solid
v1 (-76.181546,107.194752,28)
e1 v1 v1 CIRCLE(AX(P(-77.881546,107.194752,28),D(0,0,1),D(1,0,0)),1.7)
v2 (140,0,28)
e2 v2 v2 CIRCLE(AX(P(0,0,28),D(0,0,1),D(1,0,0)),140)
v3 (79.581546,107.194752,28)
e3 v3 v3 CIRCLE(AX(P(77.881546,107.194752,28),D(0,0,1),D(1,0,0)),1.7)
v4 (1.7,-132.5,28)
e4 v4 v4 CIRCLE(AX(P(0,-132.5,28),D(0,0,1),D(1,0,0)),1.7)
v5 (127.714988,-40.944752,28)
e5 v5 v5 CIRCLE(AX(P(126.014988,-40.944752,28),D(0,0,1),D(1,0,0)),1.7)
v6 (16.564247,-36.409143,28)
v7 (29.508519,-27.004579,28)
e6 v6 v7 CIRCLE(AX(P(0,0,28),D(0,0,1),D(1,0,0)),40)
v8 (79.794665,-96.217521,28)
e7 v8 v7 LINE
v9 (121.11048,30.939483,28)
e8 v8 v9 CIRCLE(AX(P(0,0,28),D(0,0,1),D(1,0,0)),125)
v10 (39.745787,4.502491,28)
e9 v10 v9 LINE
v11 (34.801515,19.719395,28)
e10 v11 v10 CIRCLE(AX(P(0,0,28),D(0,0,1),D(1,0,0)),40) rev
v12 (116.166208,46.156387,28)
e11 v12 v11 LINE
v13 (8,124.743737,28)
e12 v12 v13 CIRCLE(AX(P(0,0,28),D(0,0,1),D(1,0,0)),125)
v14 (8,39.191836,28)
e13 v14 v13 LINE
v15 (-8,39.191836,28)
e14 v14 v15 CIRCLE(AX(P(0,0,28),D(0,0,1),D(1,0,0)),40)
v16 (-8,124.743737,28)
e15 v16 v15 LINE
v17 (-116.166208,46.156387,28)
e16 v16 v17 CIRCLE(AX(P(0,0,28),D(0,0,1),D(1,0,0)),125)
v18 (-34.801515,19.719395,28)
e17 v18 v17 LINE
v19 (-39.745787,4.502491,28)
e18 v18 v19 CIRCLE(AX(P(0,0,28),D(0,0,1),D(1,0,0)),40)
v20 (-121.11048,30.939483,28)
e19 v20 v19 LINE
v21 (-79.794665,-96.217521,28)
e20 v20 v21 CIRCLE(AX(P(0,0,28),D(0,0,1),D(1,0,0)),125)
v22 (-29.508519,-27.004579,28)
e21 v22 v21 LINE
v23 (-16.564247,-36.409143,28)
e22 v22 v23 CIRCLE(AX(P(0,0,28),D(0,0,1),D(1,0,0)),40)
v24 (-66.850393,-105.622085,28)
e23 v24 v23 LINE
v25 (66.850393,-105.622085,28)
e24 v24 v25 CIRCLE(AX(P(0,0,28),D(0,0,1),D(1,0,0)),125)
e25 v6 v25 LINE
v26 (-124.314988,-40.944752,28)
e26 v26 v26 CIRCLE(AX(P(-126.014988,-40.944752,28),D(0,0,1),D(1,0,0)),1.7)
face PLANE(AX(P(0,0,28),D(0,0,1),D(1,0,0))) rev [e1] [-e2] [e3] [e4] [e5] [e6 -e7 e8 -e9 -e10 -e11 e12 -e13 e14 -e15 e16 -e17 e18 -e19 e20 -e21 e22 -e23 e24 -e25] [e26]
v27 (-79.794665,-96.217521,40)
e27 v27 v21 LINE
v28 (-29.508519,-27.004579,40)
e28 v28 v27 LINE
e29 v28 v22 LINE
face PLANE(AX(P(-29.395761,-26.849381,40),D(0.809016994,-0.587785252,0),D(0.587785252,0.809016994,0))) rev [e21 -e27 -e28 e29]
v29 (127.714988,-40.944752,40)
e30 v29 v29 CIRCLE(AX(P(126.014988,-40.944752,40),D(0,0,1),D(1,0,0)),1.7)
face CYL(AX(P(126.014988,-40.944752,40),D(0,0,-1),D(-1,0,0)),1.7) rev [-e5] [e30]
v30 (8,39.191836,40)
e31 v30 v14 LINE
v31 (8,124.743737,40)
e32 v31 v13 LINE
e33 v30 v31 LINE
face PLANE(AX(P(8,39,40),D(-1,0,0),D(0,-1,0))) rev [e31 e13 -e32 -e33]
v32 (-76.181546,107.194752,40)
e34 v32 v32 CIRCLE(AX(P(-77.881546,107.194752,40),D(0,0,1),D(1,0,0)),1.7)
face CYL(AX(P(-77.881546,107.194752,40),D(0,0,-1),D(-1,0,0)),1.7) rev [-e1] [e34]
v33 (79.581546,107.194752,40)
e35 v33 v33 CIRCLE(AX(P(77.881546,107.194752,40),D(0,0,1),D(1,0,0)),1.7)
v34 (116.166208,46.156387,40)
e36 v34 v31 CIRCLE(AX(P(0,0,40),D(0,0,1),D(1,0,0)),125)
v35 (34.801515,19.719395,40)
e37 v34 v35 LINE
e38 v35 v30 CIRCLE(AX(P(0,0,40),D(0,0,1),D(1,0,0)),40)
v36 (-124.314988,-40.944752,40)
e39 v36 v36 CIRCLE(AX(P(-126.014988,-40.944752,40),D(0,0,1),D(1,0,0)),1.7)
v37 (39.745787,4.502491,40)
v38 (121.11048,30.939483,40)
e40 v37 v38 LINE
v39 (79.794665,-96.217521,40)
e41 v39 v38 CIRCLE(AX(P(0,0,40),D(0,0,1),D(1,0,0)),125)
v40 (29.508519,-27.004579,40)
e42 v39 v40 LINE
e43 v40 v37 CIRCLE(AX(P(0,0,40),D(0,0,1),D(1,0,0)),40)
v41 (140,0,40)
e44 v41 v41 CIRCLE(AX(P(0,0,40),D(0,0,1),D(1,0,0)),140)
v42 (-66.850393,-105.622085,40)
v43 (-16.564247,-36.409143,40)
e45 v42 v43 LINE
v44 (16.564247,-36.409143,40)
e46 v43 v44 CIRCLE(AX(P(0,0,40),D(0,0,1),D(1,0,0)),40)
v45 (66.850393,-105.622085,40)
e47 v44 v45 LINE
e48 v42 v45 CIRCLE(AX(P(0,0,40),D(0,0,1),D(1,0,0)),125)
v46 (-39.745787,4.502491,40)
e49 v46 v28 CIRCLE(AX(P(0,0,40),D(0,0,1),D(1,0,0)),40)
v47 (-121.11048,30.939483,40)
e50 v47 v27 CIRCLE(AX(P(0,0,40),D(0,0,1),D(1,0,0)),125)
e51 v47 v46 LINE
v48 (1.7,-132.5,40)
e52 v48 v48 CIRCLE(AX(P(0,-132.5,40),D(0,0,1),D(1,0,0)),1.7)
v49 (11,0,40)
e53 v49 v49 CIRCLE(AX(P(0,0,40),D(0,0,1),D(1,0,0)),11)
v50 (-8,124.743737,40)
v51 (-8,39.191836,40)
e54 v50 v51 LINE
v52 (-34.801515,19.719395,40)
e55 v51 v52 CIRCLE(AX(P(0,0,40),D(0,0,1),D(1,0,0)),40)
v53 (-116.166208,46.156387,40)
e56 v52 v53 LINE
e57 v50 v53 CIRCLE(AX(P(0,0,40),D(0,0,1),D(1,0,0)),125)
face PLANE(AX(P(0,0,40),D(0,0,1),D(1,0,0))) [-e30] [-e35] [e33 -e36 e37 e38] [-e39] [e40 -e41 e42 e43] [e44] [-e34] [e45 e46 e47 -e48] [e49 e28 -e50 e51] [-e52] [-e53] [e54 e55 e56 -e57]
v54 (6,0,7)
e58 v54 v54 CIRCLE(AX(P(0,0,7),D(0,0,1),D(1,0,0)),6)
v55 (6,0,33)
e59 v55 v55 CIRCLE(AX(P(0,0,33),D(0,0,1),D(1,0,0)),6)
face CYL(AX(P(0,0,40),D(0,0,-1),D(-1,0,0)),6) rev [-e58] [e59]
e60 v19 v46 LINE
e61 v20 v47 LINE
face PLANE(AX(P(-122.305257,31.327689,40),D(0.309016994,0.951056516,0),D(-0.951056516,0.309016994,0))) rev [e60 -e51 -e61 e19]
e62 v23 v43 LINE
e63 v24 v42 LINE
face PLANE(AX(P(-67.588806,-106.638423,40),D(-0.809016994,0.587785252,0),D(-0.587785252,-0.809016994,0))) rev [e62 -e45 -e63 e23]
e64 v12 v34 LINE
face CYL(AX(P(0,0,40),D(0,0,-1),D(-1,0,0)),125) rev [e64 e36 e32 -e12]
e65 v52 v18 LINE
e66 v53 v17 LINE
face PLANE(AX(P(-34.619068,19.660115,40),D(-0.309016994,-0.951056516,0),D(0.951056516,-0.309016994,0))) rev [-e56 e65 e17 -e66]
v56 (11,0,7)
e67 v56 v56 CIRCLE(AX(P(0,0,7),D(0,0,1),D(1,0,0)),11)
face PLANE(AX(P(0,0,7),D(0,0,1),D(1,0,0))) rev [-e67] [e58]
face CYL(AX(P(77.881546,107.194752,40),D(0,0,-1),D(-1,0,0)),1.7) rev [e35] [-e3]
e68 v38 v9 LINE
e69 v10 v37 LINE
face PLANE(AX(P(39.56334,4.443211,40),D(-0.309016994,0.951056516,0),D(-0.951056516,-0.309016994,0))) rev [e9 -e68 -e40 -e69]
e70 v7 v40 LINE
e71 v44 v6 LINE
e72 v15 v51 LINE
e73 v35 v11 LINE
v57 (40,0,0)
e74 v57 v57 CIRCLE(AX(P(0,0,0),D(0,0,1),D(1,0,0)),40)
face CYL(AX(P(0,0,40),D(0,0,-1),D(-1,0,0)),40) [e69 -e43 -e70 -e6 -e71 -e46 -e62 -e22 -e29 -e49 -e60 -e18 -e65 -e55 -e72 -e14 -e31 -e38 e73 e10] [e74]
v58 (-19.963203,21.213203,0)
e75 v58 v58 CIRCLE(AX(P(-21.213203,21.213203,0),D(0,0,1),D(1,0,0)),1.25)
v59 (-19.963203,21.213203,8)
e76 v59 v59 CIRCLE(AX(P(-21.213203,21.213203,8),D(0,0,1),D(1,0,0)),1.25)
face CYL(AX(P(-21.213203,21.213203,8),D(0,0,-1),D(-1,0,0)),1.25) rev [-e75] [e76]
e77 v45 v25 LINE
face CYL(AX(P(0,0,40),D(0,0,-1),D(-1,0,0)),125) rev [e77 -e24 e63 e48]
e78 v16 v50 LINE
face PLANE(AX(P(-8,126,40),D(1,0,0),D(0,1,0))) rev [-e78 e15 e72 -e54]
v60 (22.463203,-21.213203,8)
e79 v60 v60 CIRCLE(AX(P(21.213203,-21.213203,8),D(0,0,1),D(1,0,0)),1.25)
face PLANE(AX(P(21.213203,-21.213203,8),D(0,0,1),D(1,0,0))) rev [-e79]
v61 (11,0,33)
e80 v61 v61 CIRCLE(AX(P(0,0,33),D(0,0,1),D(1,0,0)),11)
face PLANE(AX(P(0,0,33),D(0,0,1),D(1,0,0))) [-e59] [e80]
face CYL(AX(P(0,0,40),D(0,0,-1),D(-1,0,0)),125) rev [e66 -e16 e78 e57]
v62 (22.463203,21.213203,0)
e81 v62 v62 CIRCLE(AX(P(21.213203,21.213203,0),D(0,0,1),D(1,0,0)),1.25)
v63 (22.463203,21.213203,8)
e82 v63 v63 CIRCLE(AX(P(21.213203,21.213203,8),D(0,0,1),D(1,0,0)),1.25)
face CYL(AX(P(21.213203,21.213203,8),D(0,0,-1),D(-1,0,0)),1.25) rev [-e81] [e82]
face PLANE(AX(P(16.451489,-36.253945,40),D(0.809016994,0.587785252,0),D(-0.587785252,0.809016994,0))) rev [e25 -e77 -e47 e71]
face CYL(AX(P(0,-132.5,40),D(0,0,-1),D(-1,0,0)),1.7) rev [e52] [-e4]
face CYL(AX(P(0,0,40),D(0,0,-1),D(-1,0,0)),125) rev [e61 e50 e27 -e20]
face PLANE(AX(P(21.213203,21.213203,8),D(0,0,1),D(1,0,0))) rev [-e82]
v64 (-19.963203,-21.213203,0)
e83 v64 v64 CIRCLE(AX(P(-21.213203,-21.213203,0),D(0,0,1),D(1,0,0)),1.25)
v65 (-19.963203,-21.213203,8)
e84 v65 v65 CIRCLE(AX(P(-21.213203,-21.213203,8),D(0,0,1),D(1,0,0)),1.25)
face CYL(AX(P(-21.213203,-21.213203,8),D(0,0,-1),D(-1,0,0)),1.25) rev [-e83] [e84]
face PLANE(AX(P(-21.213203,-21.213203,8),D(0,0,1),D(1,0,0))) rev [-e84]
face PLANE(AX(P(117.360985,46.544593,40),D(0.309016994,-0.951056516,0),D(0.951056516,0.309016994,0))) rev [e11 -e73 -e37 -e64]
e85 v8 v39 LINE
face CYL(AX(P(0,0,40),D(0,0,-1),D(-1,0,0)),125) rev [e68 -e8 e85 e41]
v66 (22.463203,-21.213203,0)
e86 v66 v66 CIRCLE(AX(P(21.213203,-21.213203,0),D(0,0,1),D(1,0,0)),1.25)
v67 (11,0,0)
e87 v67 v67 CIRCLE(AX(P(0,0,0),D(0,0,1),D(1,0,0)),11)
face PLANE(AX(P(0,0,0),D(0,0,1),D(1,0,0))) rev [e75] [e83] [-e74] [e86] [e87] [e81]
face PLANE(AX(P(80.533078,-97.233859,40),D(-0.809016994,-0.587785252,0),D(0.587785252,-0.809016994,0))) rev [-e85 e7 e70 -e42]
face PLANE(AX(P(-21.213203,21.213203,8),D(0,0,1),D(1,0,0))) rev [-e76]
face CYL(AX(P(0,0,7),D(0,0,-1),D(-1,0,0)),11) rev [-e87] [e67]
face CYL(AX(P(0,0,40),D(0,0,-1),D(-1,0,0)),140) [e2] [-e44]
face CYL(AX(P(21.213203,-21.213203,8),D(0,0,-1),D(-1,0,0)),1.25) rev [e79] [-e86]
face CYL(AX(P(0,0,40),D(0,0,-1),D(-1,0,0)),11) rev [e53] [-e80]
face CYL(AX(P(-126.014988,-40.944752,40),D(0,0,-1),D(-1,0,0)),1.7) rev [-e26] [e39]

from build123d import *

# Parameters (mm, degrees)
SKETCH1_R               = 140
SKETCH1_R_2             = 125
RING_DEPTH              = 12
SKETCH2_R               = 40
HUB_DEPTH               = 40
SKETCH3_W               = 16
SKETCH3_H               = 87
SPOKES_DEPTH            = 12
SKETCH4_R               = 6
BORE_DEPTH              = 40
SKETCH5_R               = 11
BEARING_SEAT_LOW_DEPTH  = 7
SKETCH6_R               = 11
BEARING_SEAT_HIGH_DEPTH = 7
SKETCH7_R               = 1.7
RING_SCREWS_DEPTH       = 12
SKETCH8_R               = 1.25
GROMMET_SCREWS_DEPTH    = 8


with BuildPart() as part:
    # Sketch1 → Ring (new body)
    with BuildSketch(Plane.XY.offset(28)):
        Circle(SKETCH1_R)
        Circle(SKETCH1_R_2, mode=Mode.SUBTRACT)
    extrude(amount=RING_DEPTH)



with BuildPart() as body_2:
    # Sketch2 → Hub (new body)
    with BuildSketch(Plane.XY):
        Circle(SKETCH2_R)
    extrude(amount=HUB_DEPTH)


with BuildPart() as part_1:
    add(part.part)

    add(body_2.part)  # Spokes merges body 2
    # Sketch3 → Spokes (add)
    with BuildSketch(Plane.XY.offset(28)):
        Polygon((39.563340091, 4.44321065), (122.305257008, 31.327689161), (117.360985098, 46.544593422), (34.619068181, 19.660114911), align=None)
        with Locations((0, 82.5)):
            Rectangle(SKETCH3_W, SKETCH3_H)
        Polygon((-34.619068181, 19.660114911), (-117.360985098, 46.544593422), (-122.305257008, 31.327689161), (-39.563340091, 4.44321065), align=None)
        Polygon((-29.395760794, -26.849380762), (-80.533077744, -97.233859273), (-67.588805834, -106.63842331), (-16.451488884, -36.253944799), align=None)
        Polygon((16.451488884, -36.253944799), (67.588805834, -106.63842331), (80.533077744, -97.233859273), (29.395760794, -26.849380762), align=None)
    extrude(amount=SPOKES_DEPTH)

    # Sketch4 → Bore (cut)
    with BuildSketch(Plane.XY):
        Circle(SKETCH4_R)
    extrude(amount=BORE_DEPTH, mode=Mode.SUBTRACT)

    # Sketch5 → Bearing_seat_low (cut)
    with BuildSketch(Plane.XY):
        Circle(SKETCH5_R)
    extrude(amount=BEARING_SEAT_LOW_DEPTH, mode=Mode.SUBTRACT)

    # Sketch6 → Bearing_seat_high (cut)
    with BuildSketch(Plane.XY.offset(33)):
        Circle(SKETCH6_R)
    extrude(amount=BEARING_SEAT_HIGH_DEPTH, mode=Mode.SUBTRACT)

    # Sketch7 → Ring_screws (cut)
    with BuildSketch(Plane.XY.offset(28)):
        with Locations((77.881545929, 107.194751755)):
            Circle(SKETCH7_R)
        with Locations((-77.881545929, 107.194751755)):
            Circle(SKETCH7_R)
        with Locations((-126.014988409, -40.944751755)):
            Circle(SKETCH7_R)
        with Locations((0, -132.5)):
            Circle(SKETCH7_R)
        with Locations((126.014988409, -40.944751755)):
            Circle(SKETCH7_R)
    extrude(amount=RING_SCREWS_DEPTH, mode=Mode.SUBTRACT)

    # Sketch8 → Grommet_screws (cut)
    with BuildSketch(Plane.XY):
        with Locations((21.213203436, 21.213203436)):
            Circle(SKETCH8_R)
        with Locations((-21.213203436, 21.213203436)):
            Circle(SKETCH8_R)
        with Locations((-21.213203436, -21.213203436)):
            Circle(SKETCH8_R)
        with Locations((21.213203436, -21.213203436)):
            Circle(SKETCH8_R)
    extrude(amount=GROMMET_SCREWS_DEPTH, mode=Mode.SUBTRACT)


solid = part_1.part
